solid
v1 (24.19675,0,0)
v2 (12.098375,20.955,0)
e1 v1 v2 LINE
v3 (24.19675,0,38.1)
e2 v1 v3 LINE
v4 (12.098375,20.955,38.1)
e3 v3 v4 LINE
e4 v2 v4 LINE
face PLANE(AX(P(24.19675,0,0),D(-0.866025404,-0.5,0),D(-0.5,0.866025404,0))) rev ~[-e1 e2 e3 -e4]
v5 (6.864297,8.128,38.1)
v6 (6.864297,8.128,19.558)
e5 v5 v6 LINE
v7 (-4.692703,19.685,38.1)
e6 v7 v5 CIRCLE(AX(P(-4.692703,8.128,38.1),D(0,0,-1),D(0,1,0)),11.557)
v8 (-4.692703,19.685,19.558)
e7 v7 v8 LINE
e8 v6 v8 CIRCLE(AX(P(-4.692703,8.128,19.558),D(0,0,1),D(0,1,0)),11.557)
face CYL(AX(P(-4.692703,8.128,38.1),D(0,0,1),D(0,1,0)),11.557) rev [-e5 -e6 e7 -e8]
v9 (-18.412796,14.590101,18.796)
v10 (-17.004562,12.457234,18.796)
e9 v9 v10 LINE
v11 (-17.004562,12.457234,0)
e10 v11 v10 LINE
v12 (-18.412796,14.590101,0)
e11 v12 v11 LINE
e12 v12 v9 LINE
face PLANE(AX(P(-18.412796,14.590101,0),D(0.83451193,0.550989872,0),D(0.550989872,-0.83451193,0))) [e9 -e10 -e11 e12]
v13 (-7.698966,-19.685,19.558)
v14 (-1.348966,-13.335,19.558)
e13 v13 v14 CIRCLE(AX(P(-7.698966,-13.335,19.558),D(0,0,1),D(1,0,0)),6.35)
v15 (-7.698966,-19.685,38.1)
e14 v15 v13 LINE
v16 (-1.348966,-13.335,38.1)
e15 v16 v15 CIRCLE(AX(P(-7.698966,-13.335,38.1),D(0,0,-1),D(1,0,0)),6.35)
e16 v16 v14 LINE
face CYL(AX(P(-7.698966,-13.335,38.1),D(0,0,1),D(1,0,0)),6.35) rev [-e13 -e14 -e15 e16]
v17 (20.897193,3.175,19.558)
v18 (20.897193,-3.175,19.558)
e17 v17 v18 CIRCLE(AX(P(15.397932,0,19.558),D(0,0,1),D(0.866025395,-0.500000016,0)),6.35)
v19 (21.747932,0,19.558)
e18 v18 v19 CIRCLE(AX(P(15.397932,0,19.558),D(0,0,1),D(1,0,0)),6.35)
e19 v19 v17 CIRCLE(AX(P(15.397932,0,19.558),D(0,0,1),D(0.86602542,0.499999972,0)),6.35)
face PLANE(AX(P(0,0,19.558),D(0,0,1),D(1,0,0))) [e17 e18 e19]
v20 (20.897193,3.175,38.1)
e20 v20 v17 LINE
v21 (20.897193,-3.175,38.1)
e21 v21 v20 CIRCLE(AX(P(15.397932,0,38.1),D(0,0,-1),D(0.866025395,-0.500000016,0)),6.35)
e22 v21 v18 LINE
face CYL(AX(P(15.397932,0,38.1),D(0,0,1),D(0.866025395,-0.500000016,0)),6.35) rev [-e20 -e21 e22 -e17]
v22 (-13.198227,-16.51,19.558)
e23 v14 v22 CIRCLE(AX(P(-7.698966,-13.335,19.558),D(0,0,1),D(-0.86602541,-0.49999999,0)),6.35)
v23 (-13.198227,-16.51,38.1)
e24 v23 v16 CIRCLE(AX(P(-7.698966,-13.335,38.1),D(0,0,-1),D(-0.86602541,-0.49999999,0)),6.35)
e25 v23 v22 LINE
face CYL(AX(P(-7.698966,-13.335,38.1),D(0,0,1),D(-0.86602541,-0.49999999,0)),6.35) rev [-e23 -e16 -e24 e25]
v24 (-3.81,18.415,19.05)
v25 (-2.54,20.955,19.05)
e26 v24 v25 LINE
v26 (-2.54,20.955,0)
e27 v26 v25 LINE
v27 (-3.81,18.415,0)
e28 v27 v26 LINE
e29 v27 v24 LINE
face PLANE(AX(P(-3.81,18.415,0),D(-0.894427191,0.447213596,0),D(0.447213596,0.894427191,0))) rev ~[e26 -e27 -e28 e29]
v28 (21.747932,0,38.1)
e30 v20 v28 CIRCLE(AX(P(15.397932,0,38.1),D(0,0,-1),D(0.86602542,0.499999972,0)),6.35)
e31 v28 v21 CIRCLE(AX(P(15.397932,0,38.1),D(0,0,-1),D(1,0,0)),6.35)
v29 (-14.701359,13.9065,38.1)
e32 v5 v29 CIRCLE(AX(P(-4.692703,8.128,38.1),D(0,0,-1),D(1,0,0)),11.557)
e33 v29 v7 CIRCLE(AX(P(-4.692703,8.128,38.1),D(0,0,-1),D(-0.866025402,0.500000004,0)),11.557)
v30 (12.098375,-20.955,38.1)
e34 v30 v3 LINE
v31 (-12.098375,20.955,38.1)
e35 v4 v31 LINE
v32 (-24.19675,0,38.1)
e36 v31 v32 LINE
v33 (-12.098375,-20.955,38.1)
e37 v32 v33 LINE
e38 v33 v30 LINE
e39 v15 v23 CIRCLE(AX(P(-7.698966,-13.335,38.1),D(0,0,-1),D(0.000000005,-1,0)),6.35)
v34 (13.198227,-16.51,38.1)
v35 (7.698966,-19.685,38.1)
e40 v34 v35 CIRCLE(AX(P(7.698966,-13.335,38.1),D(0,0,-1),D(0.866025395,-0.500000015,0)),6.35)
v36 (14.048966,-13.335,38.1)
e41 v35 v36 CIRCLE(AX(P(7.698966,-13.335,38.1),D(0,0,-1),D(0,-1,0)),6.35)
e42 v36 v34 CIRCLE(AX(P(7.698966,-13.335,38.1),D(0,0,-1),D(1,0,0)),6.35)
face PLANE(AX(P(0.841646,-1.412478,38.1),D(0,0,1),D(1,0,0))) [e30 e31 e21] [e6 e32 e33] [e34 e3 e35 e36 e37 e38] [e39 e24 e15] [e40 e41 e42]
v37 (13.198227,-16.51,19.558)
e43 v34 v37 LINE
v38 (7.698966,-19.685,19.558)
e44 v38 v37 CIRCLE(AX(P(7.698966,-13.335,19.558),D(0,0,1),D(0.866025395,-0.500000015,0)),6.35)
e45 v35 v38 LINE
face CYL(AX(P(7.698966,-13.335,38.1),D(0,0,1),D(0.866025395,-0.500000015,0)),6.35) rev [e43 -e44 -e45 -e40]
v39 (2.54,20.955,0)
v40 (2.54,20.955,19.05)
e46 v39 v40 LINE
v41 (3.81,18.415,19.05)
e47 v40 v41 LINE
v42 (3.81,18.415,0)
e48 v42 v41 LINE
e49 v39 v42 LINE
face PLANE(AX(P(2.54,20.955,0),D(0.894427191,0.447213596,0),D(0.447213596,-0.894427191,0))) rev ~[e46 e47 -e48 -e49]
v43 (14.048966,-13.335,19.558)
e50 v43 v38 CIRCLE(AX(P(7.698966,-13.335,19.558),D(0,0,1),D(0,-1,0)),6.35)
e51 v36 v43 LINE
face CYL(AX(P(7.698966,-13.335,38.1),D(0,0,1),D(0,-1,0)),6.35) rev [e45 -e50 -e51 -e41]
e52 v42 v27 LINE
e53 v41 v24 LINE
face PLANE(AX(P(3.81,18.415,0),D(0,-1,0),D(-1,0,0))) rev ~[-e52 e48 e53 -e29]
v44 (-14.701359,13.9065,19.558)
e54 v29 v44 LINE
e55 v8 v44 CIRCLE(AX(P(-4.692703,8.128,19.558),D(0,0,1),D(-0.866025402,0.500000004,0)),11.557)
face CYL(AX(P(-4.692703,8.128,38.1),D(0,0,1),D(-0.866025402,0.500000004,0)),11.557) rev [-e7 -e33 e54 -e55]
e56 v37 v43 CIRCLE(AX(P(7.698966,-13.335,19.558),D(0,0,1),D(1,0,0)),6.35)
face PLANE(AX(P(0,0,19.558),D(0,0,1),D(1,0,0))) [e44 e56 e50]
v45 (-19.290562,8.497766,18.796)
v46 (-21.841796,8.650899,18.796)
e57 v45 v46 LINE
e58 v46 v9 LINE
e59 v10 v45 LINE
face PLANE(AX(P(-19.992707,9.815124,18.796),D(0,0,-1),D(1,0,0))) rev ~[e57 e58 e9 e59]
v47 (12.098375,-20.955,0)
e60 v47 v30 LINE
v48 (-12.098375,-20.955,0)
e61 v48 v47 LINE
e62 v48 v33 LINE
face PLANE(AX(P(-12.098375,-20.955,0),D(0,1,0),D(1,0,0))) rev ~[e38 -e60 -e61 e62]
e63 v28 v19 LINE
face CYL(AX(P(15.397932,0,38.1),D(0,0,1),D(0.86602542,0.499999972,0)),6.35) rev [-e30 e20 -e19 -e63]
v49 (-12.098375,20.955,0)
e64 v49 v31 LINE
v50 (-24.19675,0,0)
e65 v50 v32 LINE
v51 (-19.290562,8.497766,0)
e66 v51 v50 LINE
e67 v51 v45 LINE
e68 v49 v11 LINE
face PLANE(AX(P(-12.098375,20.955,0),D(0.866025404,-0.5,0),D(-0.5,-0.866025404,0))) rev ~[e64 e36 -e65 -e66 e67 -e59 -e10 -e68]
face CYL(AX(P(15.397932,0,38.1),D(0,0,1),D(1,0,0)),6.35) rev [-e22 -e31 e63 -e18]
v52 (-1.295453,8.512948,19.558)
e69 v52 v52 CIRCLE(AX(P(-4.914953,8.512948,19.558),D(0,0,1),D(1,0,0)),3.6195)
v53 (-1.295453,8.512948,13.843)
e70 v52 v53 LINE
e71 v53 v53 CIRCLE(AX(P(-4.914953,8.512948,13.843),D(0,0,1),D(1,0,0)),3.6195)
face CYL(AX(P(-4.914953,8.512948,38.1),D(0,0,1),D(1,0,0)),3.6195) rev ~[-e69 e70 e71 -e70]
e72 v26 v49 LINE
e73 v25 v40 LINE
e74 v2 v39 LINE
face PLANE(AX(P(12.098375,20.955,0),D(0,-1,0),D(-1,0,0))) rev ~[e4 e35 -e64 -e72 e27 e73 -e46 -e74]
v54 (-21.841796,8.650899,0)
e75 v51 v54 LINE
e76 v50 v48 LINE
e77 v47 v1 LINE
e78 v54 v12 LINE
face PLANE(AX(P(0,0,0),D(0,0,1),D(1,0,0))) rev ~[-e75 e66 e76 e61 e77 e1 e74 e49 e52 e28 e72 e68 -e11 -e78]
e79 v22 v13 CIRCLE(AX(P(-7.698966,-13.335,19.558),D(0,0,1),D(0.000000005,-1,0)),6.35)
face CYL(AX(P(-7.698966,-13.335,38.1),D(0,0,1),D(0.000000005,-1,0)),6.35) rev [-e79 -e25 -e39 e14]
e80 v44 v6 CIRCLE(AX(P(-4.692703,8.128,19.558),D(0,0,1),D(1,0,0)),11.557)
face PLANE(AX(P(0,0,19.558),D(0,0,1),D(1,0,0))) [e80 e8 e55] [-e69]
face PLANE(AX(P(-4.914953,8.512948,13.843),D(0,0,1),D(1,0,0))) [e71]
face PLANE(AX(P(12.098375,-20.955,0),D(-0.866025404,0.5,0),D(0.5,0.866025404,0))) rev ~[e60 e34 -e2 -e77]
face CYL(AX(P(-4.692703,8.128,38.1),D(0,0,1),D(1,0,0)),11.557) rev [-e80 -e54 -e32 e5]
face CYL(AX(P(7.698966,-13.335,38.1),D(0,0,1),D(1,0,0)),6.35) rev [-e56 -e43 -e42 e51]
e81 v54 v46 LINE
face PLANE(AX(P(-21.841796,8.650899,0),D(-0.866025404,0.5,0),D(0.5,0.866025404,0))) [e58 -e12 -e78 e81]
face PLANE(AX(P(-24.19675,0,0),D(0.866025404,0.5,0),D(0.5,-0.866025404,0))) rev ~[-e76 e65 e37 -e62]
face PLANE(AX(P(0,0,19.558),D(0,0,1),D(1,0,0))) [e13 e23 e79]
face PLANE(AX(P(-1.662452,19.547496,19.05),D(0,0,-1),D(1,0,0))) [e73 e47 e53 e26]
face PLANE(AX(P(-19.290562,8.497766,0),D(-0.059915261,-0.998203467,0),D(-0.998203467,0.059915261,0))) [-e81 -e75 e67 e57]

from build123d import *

# Parameters (mm, degrees)
F1_DEPTH  = 38.1
F3_DEPTH  = 18.542
F5_DEPTH  = 18.796
F6_R      = 3.6195
F7_DEPTH  = 24.257
F9_DEPTH  = 18.796
F11_DEPTH = 19.05


with BuildPart() as f1:
    # F0 (on Top) → F1 (new body)
    with BuildSketch(Plane.XY):
        Polygon((-12.0983748909, -20.955), (12.0983748909, -20.955), (24.1967497817, 0), (12.0983748909, 20.955), (-12.0983748909, 20.955), (-24.1967497817, 0), align=None)
    extrude(amount=F1_DEPTH)

    # F2 (on face) → F3 (cut)
    with BuildSketch(Plane.XY.offset(38.1)):
        Polygon((-11.365140049, -19.685), (11.365140049, -19.685), (22.730280098, 0), (11.365140049, 19.685), (-11.365140049, 19.685), (-22.730280098, 0), align=None)
    extrude(amount=-F3_DEPTH, mode=Mode.SUBTRACT)

    # F4 (on face) → F5 (join)
    with BuildSketch(Plane.XY.offset(38.1)):
        with BuildLine():
            ThreePointArc((-4.692702988, 19.685), (3.4793300822, 16.3000330702), (6.864297012, 8.128))
            ThreePointArc((6.864297012, 8.128), (-7.683874715, -3.0352047683), (-14.7013585559, 13.9065000408))
            Line((-14.7013585559, 13.9065000408), (-22.730280098, 0))
            Line((-22.730280098, 0), (-13.1982271906, -16.509999936))
            ThreePointArc((-13.1982271906, -16.509999936), (-9.3424667403, -7.2013709935), (-1.3489658396, -13.335))
            ThreePointArc((-1.3489658396, -13.335), (-3.2088377669, -17.8251280484), (-7.6989658052, -19.685))
            Line((-7.6989658052, -19.685), (7.6989658396, -19.685))
            ThreePointArc((7.6989658396, -19.685), (3.2088377791, -8.8448719395), (14.0489658396, -13.335))
            ThreePointArc((14.0489658396, -13.335), (13.8325948227, -14.9785009883), (13.1982271, -16.510000093))
            Line((13.1982271, -16.510000093), (20.8971929349, -3.1750001012))
            ThreePointArc((20.8971929349, -3.1750001012), (9.0479316793, 1.601e-07), (20.897193095, 3.1749998238))
            Line((20.897193095, 3.1749998238), (11.365140049, 19.685))
            Line((11.365140049, 19.685), (-4.692702988, 19.685))
        make_face()
        with BuildLine():
            ThreePointArc((-7.6989658052, -19.685), (-10.8739658568, -18.8342613042), (-13.1982271906, -16.509999936))
            Line((-13.1982271906, -16.509999936), (-11.365140049, -19.685))
            Line((-11.365140049, -19.685), (-7.6989658052, -19.685))
        make_face()
        with BuildLine():
            Line((11.365140049, -19.685), (13.1982271, -16.510000093))
            ThreePointArc((13.1982271, -16.510000093), (10.8739657932, -18.8342613409), (7.6989658396, -19.685))
            Line((7.6989658396, -19.685), (11.365140049, -19.685))
        make_face()
        with BuildLine():
            Line((22.730280098, 0), (20.897193095, 3.1749998238))
            ThreePointArc((20.897193095, 3.1749998238), (21.5315607026, 1.6435008381), (21.7479316793, 0))
            ThreePointArc((21.7479316793, 0), (21.5315606611, -1.6435009928), (20.8971929349, -3.1750001012))
            Line((20.8971929349, -3.1750001012), (22.730280098, 0))
        make_face()
        with BuildLine():
            ThreePointArc((-14.7013585559, 13.9065000408), (-10.4712029675, 18.1366556033), (-4.692702988, 19.685))
            Line((-4.692702988, 19.685), (-11.365140049, 19.685))
            Line((-11.365140049, 19.685), (-14.7013585559, 13.9065000408))
        make_face()
    extrude(amount=-F5_DEPTH)

    # F6 (on face) → F7 (cut)
    with BuildSketch(Plane.XY.offset(38.1)):
        with Locations((-4.914952988, 8.512948292)):
            Circle(F6_R)
    extrude(amount=-F7_DEPTH, mode=Mode.SUBTRACT)

    # F8 (on face) → F9 (join)
    with BuildSketch(Plane(origin=(0, 0, 0), x_dir=(1, 0, 0), z_dir=(0, 0, -1))):
        Polygon((-20.1272964094, -11.6205), (-18.1475623363, -10.4775), (-19.2905623363, -8.4977659269), (-21.8417964094, -8.6508988904), align=None)
        Polygon((-17.0045623363, -12.4572340731), (-18.1475623363, -10.4775), (-20.1272964094, -11.6205), (-18.4127964094, -14.5901011096), align=None)
    extrude(amount=-F9_DEPTH)

    # F10 (on face) → F11 (cut)
    with BuildSketch(Plane(origin=(0, 0, 0), x_dir=(1, 0, 0), z_dir=(0, 0, -1))):
        Polygon((-2.54, -20.955), (0, -20.955), (0, -18.415), (-3.81, -18.415), align=None)
        Polygon((0, -18.415), (0, -20.955), (2.54, -20.955), (3.81, -18.415), align=None)
    extrude(amount=-F11_DEPTH, mode=Mode.SUBTRACT)


solid = f1.part
